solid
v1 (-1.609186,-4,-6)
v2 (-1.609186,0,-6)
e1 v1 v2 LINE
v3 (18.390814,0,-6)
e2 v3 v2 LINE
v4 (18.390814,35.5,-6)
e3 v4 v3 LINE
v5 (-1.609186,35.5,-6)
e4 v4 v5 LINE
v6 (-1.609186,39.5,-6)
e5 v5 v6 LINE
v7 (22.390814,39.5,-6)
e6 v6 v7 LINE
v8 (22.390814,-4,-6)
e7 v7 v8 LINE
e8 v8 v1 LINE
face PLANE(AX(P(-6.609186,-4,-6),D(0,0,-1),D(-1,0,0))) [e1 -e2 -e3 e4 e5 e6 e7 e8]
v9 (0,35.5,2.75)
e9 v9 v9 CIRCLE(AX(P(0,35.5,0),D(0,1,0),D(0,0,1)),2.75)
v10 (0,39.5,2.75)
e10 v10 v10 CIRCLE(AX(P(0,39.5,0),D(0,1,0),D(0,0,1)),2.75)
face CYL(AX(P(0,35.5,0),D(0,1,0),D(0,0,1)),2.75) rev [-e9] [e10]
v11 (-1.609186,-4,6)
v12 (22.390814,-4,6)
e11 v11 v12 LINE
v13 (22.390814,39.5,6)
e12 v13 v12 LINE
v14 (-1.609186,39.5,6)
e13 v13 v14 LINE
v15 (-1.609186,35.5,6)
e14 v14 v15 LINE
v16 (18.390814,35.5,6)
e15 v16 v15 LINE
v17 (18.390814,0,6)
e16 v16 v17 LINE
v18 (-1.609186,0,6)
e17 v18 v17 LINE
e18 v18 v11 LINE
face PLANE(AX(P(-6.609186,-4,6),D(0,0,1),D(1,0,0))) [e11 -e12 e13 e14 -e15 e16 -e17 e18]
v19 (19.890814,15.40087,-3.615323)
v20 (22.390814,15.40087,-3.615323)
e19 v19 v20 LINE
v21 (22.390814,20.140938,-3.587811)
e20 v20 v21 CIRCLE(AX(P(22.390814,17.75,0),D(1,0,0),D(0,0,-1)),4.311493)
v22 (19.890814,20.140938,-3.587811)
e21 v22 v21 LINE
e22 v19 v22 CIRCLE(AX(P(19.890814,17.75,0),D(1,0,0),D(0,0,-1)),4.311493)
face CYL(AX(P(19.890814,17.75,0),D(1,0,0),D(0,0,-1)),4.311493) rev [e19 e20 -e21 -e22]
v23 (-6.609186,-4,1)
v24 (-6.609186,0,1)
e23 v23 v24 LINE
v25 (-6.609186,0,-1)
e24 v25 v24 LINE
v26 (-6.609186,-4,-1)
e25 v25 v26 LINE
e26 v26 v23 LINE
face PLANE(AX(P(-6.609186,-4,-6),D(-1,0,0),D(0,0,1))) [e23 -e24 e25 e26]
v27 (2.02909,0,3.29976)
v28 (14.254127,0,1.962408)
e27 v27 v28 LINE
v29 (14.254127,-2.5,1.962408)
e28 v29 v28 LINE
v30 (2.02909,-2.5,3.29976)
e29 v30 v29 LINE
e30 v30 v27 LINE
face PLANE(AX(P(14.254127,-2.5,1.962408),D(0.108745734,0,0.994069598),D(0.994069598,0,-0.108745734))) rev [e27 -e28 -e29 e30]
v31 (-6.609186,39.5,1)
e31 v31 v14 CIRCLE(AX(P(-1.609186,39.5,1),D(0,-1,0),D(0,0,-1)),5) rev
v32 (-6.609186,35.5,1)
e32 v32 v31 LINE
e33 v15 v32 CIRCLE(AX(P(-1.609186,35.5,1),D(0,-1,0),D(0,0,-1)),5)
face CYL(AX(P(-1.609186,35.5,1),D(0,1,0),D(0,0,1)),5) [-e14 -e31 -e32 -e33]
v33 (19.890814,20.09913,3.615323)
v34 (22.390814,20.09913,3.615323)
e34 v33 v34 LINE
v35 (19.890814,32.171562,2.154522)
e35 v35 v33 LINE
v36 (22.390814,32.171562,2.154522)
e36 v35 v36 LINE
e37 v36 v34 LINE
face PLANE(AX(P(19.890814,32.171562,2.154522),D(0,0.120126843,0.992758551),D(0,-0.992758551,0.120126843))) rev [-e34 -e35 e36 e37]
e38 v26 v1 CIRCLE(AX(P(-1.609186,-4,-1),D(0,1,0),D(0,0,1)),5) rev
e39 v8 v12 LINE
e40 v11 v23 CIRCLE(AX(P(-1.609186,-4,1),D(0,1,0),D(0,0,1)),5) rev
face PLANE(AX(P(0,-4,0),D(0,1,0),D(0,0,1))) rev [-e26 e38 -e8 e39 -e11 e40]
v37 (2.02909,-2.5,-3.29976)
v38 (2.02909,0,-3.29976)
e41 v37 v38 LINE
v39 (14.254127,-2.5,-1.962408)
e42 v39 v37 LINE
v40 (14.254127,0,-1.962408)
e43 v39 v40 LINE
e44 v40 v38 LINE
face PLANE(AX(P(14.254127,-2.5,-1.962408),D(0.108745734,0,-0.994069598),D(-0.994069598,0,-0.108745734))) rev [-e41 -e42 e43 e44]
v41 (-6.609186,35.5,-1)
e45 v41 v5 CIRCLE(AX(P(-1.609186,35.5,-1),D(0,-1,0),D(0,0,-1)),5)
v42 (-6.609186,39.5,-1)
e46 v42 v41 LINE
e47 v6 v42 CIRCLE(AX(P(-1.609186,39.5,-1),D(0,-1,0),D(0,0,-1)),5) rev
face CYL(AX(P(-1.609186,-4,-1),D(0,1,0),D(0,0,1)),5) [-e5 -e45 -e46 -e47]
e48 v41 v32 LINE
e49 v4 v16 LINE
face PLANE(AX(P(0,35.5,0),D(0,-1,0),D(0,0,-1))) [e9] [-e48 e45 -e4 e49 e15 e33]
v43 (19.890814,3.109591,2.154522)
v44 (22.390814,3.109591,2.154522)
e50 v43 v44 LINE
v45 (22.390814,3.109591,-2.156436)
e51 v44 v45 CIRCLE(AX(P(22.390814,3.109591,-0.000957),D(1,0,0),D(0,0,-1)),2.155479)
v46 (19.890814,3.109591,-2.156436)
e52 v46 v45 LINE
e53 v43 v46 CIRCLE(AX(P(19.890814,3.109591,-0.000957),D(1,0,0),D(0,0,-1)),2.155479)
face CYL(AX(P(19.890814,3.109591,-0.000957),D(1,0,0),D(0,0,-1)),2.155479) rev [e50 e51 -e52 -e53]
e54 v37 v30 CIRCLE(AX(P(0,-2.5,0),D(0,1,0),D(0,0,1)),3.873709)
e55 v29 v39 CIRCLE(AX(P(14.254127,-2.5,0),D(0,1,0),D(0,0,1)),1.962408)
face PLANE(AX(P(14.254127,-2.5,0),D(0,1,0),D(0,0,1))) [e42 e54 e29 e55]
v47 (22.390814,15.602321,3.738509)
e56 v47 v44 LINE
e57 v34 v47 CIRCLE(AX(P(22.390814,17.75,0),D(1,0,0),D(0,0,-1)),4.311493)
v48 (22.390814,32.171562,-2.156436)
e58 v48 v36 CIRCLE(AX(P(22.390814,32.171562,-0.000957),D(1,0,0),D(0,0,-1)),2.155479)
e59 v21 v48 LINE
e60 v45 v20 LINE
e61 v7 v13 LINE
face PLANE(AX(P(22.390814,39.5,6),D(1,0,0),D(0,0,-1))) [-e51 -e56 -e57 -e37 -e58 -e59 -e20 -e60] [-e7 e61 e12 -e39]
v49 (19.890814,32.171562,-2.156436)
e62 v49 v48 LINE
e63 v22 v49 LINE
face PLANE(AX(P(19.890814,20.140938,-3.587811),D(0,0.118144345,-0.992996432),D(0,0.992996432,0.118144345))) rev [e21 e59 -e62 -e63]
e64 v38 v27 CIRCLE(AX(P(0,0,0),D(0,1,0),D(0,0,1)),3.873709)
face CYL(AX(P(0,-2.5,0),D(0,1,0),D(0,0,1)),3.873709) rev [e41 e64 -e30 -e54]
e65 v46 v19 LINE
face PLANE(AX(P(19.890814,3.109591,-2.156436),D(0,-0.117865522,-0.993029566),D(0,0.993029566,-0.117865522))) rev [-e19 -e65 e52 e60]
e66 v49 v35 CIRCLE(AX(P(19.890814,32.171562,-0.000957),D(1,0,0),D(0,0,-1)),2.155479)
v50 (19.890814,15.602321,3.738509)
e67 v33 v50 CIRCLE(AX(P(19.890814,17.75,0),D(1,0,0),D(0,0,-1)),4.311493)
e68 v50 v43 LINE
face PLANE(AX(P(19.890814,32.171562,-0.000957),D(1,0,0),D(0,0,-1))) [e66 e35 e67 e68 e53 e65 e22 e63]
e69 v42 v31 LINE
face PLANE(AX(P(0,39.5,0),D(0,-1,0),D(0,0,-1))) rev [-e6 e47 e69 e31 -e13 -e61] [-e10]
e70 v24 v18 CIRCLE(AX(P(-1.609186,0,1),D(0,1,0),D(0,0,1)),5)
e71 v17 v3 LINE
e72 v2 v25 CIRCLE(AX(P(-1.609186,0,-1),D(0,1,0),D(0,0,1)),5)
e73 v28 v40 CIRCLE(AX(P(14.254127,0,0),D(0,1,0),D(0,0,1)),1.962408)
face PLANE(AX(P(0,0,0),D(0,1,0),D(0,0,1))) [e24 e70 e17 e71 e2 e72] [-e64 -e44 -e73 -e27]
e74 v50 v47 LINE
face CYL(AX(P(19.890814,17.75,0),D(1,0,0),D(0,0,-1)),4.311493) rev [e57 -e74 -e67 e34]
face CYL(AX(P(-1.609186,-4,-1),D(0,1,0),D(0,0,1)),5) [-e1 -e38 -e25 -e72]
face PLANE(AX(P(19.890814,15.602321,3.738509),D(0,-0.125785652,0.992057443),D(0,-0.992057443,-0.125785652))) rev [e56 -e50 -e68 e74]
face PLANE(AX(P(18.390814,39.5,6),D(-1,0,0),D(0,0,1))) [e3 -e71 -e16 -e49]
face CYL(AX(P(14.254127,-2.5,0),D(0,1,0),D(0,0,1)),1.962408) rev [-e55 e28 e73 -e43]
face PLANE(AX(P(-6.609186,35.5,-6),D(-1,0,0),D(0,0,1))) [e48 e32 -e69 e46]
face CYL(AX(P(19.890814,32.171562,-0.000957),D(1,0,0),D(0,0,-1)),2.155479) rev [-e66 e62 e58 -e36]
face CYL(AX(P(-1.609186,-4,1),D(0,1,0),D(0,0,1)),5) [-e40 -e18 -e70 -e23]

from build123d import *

# Parameters (mm, degrees)
SKETCH3_W           = 25
SKETCH3_H           = 12
BOSS_EXTRUDE1_DEPTH = 4
SINGLE_HORN_DEPTH   = 2.5
SKETCH4_W           = 4
SKETCH4_H           = 12
BOSS_EXTRUDE2_DEPTH = 43.5
SKETCH5_W           = 25
SKETCH5_H           = 12
BOSS_EXTRUDE4_DEPTH = 4
SKETCH6_R           = 2.75
CUT_EXTRUDE3_DEPTH  = 4
FILLET1_R           = 5
DOUBLE_HORN_DEPTH   = 2.5


with BuildPart() as part:
    # Sketch3 → Boss-Extrude1 (new body)
    with BuildSketch(Plane(origin=(0, 0, 0), x_dir=(1, 0, 0), z_dir=(0, 1, 0))):
        with Locations((5.890813757, 0)):
            Rectangle(SKETCH3_W, SKETCH3_H)
    extrude(amount=-BOSS_EXTRUDE1_DEPTH)

    # Sketch1 → single horn (cut)
    with BuildSketch(Plane(origin=(0, 0, 0), x_dir=(1, 0, 0), z_dir=(0, 1, 0))):
        with BuildLine():
            Line((14.254126854, 1.962408156), (2.029090374, 3.299759756))
            ThreePointArc((2.029090374, 3.299759756), (-3.8737091, 0), (2.029090374, -3.299759756))
            Line((2.029090374, -3.299759756), (14.254126854, -1.962408156))
            ThreePointArc((14.254126854, -1.962408156), (16.21653501, 0), (14.254126854, 1.962408156))
        make_face()
    extrude(amount=-SINGLE_HORN_DEPTH, mode=Mode.SUBTRACT)

    # Sketch4 → Boss-Extrude2 (add)
    with BuildSketch(Plane.XZ.offset(4)):
        with Locations((20.390813757, 0)):
            Rectangle(SKETCH4_W, SKETCH4_H)
    extrude(amount=-BOSS_EXTRUDE2_DEPTH)

    # Sketch5 → Boss-Extrude4 (add)
    with BuildSketch(Plane(origin=(0, 39.5, 0), x_dir=(1, 0, 0), z_dir=(0, 1, 0))):
        with Locations((5.890813757, 0)):
            Rectangle(SKETCH5_W, SKETCH5_H)
    extrude(amount=-BOSS_EXTRUDE4_DEPTH)

    # Sketch6 → Cut-Extrude3 (cut)
    with BuildSketch(Plane(origin=(0, 39.5, 0), x_dir=(1, 0, 0), z_dir=(0, 1, 0))):
        Circle(SKETCH6_R)
    extrude(amount=-CUT_EXTRUDE3_DEPTH, mode=Mode.SUBTRACT)

    # Fillet1
    fillet1_edges = [part.edges().sort_by_distance(p)[0] for p in [
        (-6.609186243, 37.5, 6),
        (-6.609186243, 37.5, -6),
        (-6.609186243, -2, -6),
        (-6.609186243, -2, 6),
    ]]
    fillet(fillet1_edges, radius=FILLET1_R)

    # Sketch11 → double horn (cut)
    with BuildSketch(Plane(origin=(22.390813757, 0, 0), x_dir=(0, 0, -1), z_dir=(1, 0, 0))):
        with BuildLine():
            Line((-2.154521604, 32.171561508), (-3.615323039, 20.099129755))
            ThreePointArc((-3.615323039, 20.099129755), (-4.309876098, 17.868064822), (-3.738508691, 15.602321242))
            Line((-3.738508691, 15.602321242), (-2.154521604, 3.109591283))
            ThreePointArc((-2.154521604, 3.109591283), (0.000957171, 0.954112508), (2.156435946, 3.109591283))
            Line((2.156435946, 3.109591283), (3.615323039, 15.400870245))
            ThreePointArc((3.615323039, 15.400870245), (4.311420307, 17.775024288), (3.5878108, 20.140938088))
            Line((3.5878108, 20.140938088), (2.156435946, 32.171561508))
            ThreePointArc((2.156435946, 32.171561508), (0.000957171, 34.327040283), (-2.154521604, 32.171561508))
        make_face()
    extrude(amount=-DOUBLE_HORN_DEPTH, mode=Mode.SUBTRACT)


solid = part.part
